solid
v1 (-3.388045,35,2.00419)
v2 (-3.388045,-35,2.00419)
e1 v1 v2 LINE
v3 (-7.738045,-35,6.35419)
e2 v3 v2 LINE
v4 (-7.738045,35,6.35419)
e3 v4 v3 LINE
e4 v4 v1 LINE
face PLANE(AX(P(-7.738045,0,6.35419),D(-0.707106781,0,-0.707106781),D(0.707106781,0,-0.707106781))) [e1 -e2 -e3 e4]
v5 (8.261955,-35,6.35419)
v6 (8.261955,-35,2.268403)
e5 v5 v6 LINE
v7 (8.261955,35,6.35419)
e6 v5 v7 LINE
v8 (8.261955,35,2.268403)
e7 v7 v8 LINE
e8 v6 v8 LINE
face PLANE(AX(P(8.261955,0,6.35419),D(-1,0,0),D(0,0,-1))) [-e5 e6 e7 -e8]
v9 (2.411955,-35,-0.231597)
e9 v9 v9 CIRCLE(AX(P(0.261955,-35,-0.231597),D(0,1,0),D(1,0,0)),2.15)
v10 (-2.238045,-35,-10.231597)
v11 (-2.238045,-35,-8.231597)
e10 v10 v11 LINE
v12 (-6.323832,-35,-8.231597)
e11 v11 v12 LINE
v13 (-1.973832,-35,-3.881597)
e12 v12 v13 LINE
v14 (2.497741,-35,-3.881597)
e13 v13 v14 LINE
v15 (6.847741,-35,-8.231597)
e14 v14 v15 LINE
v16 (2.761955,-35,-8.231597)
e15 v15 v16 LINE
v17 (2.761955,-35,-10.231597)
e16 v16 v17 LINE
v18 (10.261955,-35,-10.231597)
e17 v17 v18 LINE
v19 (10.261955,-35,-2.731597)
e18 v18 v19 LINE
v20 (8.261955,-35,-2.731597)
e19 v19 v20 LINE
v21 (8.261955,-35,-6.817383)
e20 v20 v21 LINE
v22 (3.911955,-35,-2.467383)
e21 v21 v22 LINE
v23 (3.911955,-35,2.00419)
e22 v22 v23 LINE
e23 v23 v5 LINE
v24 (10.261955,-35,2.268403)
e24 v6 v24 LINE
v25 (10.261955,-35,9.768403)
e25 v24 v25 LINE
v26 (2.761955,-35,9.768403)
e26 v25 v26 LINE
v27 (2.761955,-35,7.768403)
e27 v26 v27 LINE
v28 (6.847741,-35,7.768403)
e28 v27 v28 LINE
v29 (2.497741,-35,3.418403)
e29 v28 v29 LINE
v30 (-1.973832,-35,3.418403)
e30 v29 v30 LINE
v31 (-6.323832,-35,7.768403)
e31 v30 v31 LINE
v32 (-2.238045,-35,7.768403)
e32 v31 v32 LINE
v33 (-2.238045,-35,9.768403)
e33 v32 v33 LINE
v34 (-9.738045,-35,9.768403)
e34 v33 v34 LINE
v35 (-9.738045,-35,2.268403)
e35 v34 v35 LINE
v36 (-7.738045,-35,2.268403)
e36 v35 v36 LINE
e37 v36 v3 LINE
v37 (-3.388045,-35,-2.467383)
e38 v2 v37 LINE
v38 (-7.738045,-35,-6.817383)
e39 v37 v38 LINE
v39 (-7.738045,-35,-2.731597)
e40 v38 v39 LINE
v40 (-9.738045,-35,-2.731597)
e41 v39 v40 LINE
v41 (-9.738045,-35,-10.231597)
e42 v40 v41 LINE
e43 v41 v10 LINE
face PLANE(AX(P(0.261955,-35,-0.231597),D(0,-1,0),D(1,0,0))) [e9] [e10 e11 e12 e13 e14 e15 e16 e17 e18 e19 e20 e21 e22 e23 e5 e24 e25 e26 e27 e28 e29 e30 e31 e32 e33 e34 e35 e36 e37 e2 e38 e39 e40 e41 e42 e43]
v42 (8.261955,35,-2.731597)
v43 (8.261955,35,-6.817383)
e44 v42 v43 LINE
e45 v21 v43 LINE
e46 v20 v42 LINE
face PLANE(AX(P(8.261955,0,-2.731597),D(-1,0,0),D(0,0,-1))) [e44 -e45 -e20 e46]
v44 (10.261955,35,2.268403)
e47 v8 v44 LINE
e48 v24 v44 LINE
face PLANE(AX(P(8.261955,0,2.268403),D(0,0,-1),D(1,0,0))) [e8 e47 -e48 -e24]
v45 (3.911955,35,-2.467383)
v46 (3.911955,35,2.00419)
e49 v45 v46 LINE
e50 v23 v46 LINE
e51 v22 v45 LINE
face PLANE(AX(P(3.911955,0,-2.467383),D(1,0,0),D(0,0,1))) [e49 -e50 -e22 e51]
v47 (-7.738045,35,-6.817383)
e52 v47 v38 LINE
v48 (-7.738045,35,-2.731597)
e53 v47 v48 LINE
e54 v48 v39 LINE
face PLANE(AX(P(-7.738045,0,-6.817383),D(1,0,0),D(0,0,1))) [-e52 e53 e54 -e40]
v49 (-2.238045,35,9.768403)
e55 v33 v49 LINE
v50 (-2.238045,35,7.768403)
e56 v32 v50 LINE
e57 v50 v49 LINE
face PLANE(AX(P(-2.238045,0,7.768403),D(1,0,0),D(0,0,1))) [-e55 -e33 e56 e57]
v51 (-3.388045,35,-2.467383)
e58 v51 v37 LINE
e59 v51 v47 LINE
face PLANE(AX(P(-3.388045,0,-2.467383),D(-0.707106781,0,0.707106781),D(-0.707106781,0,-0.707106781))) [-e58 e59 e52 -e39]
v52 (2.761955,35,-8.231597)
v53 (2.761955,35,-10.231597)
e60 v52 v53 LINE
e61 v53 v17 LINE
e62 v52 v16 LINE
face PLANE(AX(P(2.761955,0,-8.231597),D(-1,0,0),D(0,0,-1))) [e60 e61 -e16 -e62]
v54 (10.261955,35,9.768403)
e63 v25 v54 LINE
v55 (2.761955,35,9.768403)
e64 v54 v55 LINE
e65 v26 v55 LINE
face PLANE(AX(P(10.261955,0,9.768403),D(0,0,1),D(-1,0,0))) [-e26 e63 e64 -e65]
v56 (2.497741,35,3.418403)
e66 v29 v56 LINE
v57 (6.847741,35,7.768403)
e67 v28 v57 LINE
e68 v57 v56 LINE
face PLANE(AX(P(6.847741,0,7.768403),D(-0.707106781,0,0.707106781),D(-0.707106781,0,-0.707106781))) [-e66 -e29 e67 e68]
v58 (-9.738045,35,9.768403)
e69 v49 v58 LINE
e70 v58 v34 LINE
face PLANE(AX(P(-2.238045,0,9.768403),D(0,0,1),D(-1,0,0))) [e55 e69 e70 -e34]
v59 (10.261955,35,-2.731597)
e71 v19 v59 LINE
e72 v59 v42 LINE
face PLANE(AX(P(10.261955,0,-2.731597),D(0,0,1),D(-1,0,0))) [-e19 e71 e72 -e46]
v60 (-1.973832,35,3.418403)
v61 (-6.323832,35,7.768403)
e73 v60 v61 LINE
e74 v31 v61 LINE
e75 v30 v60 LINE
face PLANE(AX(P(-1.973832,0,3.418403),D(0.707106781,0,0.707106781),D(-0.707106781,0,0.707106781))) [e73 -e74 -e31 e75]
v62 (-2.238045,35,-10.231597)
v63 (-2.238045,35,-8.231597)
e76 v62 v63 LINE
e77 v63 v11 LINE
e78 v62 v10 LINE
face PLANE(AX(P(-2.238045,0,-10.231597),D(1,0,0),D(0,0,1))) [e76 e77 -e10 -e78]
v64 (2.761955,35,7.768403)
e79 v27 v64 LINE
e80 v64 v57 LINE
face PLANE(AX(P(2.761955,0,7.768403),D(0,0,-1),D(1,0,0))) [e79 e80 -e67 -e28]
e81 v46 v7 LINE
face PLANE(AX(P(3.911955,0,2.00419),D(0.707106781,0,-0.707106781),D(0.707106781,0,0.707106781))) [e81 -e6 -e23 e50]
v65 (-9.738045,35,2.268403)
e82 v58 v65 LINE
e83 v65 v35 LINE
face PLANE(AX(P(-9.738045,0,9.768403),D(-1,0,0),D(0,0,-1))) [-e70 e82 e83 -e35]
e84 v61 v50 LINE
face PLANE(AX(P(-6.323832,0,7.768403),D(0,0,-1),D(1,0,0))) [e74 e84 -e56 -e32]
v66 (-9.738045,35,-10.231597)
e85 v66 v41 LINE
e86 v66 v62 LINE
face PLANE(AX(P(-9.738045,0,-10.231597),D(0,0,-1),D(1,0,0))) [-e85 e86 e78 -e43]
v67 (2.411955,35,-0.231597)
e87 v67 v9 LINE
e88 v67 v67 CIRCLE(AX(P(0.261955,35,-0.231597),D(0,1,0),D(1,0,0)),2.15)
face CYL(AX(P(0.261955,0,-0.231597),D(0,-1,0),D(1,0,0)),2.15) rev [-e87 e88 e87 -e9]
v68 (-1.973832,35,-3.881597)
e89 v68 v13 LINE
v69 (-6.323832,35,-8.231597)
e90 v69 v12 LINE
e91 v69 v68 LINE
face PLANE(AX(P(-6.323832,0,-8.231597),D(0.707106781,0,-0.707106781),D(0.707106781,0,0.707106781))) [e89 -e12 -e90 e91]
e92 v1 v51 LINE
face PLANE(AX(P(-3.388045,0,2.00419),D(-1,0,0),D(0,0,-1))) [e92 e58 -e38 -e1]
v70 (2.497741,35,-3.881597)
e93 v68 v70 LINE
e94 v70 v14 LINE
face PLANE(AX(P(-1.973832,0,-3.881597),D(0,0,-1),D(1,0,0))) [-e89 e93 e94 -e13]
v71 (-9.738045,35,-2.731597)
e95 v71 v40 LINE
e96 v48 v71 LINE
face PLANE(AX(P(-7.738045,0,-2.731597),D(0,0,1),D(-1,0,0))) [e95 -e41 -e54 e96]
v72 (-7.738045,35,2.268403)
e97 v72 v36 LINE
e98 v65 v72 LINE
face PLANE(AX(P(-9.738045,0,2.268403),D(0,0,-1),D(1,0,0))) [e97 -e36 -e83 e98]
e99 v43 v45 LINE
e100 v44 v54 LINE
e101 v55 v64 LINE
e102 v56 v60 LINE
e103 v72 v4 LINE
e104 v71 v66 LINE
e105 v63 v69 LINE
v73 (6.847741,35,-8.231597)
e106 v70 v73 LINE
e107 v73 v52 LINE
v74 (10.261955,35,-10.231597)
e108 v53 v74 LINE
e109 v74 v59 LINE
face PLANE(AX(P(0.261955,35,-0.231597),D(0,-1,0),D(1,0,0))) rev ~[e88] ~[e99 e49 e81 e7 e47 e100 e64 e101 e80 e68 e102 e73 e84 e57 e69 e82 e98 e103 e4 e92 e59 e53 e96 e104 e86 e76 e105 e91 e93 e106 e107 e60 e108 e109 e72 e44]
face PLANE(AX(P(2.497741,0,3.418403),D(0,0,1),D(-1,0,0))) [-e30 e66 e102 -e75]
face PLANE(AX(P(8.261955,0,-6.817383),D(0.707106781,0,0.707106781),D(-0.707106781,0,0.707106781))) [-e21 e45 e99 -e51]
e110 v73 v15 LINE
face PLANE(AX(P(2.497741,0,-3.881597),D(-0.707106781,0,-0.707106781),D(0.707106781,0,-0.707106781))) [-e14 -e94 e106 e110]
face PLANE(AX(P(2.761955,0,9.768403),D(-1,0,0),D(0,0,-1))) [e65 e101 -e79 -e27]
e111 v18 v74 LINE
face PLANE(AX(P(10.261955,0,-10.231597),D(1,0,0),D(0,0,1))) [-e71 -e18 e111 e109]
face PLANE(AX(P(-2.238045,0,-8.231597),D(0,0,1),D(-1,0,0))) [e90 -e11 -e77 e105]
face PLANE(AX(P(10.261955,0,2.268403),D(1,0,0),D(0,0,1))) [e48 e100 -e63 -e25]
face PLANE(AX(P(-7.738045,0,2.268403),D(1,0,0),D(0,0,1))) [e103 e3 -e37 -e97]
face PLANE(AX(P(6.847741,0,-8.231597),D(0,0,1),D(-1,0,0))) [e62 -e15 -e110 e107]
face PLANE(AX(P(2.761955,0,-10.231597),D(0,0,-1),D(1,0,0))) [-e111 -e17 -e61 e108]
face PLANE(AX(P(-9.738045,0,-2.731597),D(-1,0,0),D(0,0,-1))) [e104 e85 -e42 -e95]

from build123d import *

# Parameters (mm, degrees)
F1_DEPTH      = 35
F1_DEPTH_BACK = 35


with BuildPart() as f1:
    # F0 (on Front) → F1 (new body, two sides)
    with BuildSketch(Plane.XZ) as f1_sk:
        Polygon((-2.238045, 9.768403), (-9.738045, 9.768403), (-9.738045, 2.268403), (-7.738045, 2.268403), (-7.738045, 6.35419), (-3.388045, 2.00419), (-3.388045, -0.231597), (-3.388045, -2.467383), (-7.738045, -6.817383), (-7.738045, -2.731597), (-9.738045, -2.731597), (-9.738045, -10.231597), (-2.238045, -10.231597), (-2.238045, -8.231597), (-6.323832, -8.231597), (-1.973832, -3.881597), (2.497741, -3.881597), (6.847741, -8.231597), (2.761955, -8.231597), (2.761955, -10.231597), (10.261955, -10.231597), (10.261955, -2.731597), (8.261955, -2.731597), (8.261955, -6.817383), (3.911955, -2.467383), (3.911955, -0.231597), (3.911955, 2.00419), (8.261955, 6.35419), (8.261955, 2.268403), (10.261955, 2.268403), (10.261955, 9.768403), (2.761955, 9.768403), (2.761955, 7.768403), (6.847741, 7.768403), (2.497741, 3.418403), (-1.973832, 3.418403), (-6.323832, 7.768403), (-2.238045, 7.768403), align=None)
        with BuildLine():
            ThreePointArc((-1.888045, -0.231597), (0.261955, 1.918403), (2.411955, -0.231597))
            ThreePointArc((2.411955, -0.231597), (0.261955, -2.381597), (-1.888045, -0.231597))
        make_face(mode=Mode.SUBTRACT)
    extrude(amount=F1_DEPTH)
    extrude(f1_sk.sketch, amount=-F1_DEPTH_BACK)


solid = f1.part
